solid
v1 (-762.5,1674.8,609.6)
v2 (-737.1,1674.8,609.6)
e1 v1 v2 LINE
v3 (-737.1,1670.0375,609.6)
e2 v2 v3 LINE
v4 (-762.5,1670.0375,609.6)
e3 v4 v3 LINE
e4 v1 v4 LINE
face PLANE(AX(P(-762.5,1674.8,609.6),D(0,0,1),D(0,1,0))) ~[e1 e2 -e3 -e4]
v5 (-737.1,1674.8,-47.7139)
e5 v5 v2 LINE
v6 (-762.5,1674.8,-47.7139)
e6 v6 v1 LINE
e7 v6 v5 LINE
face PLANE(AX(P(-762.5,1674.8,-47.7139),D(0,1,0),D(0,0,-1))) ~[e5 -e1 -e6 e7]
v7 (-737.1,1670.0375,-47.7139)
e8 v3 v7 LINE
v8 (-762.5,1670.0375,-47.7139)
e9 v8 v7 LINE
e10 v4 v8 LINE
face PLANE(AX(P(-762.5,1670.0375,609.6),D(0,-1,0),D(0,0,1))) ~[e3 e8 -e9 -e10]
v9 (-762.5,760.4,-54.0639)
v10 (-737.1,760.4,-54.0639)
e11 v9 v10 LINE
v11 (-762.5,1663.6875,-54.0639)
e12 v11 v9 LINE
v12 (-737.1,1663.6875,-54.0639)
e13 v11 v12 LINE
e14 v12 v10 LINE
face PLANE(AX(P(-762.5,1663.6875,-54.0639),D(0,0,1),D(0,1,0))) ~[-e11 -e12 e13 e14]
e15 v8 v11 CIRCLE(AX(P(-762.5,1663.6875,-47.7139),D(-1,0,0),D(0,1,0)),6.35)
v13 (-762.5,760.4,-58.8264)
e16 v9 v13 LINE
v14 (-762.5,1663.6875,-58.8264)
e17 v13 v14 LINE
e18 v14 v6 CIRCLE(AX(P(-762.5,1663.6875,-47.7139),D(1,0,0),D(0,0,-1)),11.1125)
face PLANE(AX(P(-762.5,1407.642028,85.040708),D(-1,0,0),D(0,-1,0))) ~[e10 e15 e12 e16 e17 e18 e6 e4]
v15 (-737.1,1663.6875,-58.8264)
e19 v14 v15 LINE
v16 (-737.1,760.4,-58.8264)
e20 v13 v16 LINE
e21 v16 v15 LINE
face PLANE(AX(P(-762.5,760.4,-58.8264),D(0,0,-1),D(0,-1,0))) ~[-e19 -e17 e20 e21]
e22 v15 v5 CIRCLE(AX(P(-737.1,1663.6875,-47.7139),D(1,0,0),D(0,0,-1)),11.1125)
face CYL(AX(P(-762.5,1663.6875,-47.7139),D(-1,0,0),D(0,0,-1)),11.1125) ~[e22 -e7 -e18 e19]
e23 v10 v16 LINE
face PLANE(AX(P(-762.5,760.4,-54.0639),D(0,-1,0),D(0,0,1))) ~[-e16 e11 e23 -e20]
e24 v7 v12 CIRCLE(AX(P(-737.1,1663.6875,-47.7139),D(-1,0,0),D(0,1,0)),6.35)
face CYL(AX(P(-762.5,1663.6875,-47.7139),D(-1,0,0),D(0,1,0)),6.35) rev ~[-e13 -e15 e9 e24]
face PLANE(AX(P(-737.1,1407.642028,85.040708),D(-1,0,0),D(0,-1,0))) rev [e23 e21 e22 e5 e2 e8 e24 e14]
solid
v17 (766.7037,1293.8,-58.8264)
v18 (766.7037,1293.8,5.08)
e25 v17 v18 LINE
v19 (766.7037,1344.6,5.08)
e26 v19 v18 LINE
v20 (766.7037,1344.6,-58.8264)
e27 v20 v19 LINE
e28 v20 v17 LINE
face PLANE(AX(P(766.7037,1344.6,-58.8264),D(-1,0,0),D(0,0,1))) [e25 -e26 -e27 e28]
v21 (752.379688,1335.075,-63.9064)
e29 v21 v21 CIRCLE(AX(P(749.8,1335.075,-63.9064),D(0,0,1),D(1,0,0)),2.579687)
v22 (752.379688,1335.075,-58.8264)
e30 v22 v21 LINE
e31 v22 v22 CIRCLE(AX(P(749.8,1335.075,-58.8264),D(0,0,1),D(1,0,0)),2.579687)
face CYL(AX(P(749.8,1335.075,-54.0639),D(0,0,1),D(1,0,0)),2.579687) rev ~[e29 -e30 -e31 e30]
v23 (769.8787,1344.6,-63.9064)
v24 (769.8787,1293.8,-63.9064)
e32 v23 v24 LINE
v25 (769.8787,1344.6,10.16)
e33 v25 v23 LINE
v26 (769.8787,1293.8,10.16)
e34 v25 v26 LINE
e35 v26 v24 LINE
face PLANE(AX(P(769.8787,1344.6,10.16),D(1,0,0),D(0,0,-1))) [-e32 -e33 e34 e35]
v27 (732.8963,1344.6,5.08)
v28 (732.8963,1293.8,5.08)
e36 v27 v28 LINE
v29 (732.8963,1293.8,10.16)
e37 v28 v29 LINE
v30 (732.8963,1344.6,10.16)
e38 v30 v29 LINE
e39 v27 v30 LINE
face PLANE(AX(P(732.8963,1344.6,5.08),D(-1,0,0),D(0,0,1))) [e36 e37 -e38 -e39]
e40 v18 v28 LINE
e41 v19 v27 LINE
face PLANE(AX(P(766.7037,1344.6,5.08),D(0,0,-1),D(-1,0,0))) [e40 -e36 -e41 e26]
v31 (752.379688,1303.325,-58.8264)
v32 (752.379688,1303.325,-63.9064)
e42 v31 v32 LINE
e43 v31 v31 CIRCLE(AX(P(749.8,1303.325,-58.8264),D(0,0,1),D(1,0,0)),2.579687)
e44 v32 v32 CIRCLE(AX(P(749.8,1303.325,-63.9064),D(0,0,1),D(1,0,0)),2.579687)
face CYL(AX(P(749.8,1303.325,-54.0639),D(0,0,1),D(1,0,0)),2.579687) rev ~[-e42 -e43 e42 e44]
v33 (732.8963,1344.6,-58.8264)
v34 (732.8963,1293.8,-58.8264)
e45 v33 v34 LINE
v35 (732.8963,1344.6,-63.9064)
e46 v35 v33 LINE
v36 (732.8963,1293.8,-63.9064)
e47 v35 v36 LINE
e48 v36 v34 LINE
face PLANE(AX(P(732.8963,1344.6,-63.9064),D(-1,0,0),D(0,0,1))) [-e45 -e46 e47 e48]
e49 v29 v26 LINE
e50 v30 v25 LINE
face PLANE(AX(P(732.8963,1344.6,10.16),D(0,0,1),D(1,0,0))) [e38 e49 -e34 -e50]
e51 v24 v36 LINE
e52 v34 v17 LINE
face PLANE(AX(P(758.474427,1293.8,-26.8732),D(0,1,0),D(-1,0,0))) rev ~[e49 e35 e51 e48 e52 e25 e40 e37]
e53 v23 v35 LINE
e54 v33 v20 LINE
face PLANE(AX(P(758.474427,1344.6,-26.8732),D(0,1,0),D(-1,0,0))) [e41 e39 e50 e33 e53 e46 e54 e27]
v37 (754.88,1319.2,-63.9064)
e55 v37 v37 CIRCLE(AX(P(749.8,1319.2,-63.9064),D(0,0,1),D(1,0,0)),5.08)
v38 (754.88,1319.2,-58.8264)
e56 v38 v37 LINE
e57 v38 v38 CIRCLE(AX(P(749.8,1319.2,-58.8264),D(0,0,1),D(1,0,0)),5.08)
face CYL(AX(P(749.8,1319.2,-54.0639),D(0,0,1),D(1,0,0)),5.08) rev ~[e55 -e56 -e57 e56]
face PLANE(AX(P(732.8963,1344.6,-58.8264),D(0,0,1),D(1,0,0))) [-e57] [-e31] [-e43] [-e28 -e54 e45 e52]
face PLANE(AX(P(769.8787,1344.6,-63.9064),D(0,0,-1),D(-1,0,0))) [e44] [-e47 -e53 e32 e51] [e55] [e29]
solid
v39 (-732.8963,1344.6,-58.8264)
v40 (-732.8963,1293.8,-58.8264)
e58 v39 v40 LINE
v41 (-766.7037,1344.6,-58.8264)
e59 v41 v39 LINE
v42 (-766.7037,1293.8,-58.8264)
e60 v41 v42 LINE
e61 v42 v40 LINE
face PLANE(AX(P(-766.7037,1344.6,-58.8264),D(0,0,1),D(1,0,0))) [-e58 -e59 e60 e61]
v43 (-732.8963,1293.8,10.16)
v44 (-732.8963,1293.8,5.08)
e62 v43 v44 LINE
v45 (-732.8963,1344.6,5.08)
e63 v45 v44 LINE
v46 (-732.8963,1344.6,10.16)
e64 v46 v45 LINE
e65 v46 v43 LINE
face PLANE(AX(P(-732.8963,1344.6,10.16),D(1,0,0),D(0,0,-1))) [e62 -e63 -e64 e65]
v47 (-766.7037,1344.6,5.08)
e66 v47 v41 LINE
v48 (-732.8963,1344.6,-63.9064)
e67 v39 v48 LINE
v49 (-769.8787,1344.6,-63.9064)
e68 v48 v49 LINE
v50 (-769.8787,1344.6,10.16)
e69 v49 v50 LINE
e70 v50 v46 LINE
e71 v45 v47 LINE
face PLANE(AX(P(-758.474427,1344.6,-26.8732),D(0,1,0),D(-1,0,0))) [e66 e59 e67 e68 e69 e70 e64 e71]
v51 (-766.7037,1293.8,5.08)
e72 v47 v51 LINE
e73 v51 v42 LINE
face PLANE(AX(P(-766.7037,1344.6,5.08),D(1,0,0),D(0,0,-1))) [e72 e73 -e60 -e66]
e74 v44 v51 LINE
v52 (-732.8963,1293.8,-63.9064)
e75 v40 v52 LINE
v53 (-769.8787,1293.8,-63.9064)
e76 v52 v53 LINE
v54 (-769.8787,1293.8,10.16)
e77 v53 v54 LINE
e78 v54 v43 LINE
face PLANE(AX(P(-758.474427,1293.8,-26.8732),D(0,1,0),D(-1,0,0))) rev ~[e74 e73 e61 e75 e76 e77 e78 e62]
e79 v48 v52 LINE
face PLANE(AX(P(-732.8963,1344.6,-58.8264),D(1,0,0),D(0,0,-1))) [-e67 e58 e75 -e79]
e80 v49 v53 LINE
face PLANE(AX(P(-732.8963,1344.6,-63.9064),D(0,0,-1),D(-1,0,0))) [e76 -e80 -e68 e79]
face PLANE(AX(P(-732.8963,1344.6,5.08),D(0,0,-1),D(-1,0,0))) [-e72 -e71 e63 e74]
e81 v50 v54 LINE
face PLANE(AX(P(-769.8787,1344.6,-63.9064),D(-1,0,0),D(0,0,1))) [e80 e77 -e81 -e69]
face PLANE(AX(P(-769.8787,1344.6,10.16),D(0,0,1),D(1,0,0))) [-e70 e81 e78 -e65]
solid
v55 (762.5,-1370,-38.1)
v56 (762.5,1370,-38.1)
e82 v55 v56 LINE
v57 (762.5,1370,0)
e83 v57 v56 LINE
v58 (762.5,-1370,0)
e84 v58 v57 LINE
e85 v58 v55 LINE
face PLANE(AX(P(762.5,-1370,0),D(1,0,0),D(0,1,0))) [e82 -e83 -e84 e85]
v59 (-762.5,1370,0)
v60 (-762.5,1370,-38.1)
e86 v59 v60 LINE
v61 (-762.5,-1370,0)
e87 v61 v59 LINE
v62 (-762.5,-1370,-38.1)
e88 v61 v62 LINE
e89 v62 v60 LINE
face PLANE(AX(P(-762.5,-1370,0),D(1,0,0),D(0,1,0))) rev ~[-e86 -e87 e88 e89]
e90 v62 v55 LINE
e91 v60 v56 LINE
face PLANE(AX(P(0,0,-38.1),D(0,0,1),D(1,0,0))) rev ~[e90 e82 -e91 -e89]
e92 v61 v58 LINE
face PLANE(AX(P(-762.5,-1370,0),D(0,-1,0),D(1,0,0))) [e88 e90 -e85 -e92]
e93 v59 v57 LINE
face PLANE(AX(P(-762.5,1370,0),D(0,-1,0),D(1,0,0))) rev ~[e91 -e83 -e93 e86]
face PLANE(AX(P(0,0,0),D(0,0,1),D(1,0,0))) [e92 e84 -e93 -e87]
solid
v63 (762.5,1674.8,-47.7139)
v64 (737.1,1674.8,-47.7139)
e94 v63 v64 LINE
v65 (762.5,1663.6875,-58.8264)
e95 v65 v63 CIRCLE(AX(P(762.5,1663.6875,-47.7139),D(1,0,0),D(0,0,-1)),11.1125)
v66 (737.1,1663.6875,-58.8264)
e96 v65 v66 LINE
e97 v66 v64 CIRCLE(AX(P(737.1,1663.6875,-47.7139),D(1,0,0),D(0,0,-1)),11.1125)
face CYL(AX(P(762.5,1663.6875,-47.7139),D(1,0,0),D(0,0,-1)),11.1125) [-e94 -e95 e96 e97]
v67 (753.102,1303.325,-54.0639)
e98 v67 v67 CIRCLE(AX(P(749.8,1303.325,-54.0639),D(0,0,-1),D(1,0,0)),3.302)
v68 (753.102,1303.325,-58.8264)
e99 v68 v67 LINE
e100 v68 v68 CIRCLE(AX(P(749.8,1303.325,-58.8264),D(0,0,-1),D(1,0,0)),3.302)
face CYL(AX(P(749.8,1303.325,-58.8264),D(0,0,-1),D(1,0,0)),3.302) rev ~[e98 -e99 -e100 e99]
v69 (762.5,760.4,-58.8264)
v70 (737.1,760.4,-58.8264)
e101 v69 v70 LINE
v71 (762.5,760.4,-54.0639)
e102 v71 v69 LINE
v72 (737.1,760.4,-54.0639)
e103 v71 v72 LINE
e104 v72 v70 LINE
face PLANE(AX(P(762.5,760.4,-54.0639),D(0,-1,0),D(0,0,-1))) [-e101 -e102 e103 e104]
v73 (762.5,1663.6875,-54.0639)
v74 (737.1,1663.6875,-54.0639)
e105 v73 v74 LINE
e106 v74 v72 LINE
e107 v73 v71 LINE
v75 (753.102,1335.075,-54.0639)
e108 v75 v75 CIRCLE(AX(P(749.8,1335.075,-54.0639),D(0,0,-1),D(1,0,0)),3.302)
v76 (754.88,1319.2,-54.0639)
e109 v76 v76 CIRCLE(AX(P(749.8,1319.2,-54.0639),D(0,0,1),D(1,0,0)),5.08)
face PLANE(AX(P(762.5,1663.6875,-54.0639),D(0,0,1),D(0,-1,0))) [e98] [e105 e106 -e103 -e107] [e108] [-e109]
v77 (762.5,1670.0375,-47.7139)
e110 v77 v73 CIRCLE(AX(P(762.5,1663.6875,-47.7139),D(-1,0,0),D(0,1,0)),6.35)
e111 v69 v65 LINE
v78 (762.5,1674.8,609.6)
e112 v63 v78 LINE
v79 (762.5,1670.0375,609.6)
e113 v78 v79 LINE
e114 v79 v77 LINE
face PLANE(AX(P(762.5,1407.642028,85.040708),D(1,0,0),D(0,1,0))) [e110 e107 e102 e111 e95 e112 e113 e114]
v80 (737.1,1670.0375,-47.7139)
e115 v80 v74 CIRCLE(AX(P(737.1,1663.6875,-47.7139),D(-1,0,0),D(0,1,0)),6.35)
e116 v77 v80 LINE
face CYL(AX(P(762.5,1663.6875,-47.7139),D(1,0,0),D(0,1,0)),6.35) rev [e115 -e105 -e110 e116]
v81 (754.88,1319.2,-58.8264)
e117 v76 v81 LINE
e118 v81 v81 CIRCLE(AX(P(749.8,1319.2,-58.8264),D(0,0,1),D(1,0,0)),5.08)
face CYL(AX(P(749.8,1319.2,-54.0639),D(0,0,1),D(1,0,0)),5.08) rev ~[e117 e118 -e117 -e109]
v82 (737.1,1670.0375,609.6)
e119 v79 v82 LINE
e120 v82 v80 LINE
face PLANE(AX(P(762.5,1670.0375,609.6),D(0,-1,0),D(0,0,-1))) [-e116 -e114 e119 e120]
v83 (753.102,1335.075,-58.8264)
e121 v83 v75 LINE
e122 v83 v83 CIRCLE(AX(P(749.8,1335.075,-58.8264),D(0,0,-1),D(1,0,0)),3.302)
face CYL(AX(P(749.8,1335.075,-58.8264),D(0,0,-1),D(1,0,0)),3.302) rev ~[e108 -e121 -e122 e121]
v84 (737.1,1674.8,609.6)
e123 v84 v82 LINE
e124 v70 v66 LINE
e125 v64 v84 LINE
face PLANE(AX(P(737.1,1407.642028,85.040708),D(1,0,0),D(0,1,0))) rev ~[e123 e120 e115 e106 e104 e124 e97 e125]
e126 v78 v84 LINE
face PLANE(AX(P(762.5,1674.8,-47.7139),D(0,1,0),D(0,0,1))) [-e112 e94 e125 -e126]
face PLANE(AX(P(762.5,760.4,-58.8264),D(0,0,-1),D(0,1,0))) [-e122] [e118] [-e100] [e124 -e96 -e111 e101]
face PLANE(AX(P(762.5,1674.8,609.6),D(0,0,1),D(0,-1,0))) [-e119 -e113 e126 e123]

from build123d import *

# Parameters (mm, degrees)
F0_W      = 1525
F0_H      = 2740
F1_DEPTH  = 38.1
F5_DEPTH  = 25.4
F9_DEPTH  = 50.8
F10_R     = 2.5796875
F10_R_2   = 5.08
F11_DEPTH = 9.8435
F12_R     = 3.302
F12_R_2   = 5.08
F13_DEPTH = 668.4274


with BuildPart() as f1:
    # F0 (on Top) → F1 (new body)
    with BuildSketch(Plane.XY):
        Rectangle(F0_W, F0_H)
    extrude(amount=-F1_DEPTH)


with BuildPart() as f5:
    # F4 (on offset) → F5 (new body)
    with BuildSketch(Plane.YZ.offset(762.5)):
        with BuildLine():
            Line((1663.6875, -54.0639), (760.4, -54.0639))
            Line((760.4, -54.0639), (760.4, -58.8264))
            Line((760.4, -58.8264), (1663.6875, -58.8264))
            ThreePointArc((1663.6875, -58.8264), (1671.5452241059, -55.5716241059), (1674.8, -47.7139))
            Line((1674.8, -47.7139), (1674.8, 609.6))
            Line((1674.8, 609.6), (1670.0375, 609.6))
            Line((1670.0375, 609.6), (1670.0375, -47.7139))
            ThreePointArc((1670.0375, -47.7139), (1668.1776280605, -52.2040280605), (1663.6875, -54.0639))
        make_face()
    extrude(amount=-F5_DEPTH)


with BuildPart() as f6_1:
    # F6: instance of F5
    add(f5.part.mirror(Plane.YZ))


with BuildPart() as f9:
    # F8 (on offset) → F9 (new body)
    with BuildSketch(Plane(origin=(0, 1344.6, 0), x_dir=(-1, 0, 0), z_dir=(0, 1, 0))):
        Polygon((-766.7037, 5.08), (-732.8963, 5.08), (-732.8963, 10.16), (-769.8787, 10.16), (-769.8787, -63.9064), (-732.8963, -63.9064), (-732.8963, -58.8264), (-766.7037, -58.8264), align=None)
    extrude(amount=-F9_DEPTH)


with BuildPart() as f9b:
    # F8 (on offset) → F9, piece 2 (new body)
    with BuildSketch(Plane(origin=(0, 1344.6, 0), x_dir=(-1, 0, 0), z_dir=(0, 1, 0))):
        Polygon((766.7037, -58.8264), (732.8963, -58.8264), (732.8963, -63.9064), (769.8787, -63.9064), (769.8787, 10.16), (732.8963, 10.16), (732.8963, 5.08), (766.7037, 5.08), align=None)
    extrude(amount=-F9_DEPTH)


with BuildPart() as f11_tool:
    # F10 (on face) → F11 (new body, through all)
    with BuildSketch(Plane.XY.offset(-54.0639)):
        with Locations((749.8, 1335.075)):
            Circle(F10_R)
        with Locations((749.8, 1303.325)):
            Circle(F10_R)
        with Locations((749.8, 1319.2)):
            Circle(F10_R_2)
    extrude(amount=-F11_DEPTH)


with BuildPart() as f5_1:
    add(f5.part)

    # F11: cut by f11_tool
    add(f11_tool.part, mode=Mode.SUBTRACT)

    # F12 (on face) → F13 (cut, through all)
    with BuildSketch(Plane(origin=(0, 0, -58.8264), x_dir=(1, 0, 0), z_dir=(0, 0, -1))):
        with Locations((749.8, -1335.075)):
            Circle(F12_R)
        with Locations((749.8, -1303.325)):
            Circle(F12_R)
        with Locations((749.8, -1319.2)):
            Circle(F12_R_2)
    extrude(amount=-F13_DEPTH, mode=Mode.SUBTRACT)


with BuildPart() as f9_1:
    add(f9.part)

    # F11: cut by f11_tool
    add(f11_tool.part, mode=Mode.SUBTRACT)


solid = Compound([f1.part, f6_1.part, f9b.part, f5_1.part, f9_1.part])
